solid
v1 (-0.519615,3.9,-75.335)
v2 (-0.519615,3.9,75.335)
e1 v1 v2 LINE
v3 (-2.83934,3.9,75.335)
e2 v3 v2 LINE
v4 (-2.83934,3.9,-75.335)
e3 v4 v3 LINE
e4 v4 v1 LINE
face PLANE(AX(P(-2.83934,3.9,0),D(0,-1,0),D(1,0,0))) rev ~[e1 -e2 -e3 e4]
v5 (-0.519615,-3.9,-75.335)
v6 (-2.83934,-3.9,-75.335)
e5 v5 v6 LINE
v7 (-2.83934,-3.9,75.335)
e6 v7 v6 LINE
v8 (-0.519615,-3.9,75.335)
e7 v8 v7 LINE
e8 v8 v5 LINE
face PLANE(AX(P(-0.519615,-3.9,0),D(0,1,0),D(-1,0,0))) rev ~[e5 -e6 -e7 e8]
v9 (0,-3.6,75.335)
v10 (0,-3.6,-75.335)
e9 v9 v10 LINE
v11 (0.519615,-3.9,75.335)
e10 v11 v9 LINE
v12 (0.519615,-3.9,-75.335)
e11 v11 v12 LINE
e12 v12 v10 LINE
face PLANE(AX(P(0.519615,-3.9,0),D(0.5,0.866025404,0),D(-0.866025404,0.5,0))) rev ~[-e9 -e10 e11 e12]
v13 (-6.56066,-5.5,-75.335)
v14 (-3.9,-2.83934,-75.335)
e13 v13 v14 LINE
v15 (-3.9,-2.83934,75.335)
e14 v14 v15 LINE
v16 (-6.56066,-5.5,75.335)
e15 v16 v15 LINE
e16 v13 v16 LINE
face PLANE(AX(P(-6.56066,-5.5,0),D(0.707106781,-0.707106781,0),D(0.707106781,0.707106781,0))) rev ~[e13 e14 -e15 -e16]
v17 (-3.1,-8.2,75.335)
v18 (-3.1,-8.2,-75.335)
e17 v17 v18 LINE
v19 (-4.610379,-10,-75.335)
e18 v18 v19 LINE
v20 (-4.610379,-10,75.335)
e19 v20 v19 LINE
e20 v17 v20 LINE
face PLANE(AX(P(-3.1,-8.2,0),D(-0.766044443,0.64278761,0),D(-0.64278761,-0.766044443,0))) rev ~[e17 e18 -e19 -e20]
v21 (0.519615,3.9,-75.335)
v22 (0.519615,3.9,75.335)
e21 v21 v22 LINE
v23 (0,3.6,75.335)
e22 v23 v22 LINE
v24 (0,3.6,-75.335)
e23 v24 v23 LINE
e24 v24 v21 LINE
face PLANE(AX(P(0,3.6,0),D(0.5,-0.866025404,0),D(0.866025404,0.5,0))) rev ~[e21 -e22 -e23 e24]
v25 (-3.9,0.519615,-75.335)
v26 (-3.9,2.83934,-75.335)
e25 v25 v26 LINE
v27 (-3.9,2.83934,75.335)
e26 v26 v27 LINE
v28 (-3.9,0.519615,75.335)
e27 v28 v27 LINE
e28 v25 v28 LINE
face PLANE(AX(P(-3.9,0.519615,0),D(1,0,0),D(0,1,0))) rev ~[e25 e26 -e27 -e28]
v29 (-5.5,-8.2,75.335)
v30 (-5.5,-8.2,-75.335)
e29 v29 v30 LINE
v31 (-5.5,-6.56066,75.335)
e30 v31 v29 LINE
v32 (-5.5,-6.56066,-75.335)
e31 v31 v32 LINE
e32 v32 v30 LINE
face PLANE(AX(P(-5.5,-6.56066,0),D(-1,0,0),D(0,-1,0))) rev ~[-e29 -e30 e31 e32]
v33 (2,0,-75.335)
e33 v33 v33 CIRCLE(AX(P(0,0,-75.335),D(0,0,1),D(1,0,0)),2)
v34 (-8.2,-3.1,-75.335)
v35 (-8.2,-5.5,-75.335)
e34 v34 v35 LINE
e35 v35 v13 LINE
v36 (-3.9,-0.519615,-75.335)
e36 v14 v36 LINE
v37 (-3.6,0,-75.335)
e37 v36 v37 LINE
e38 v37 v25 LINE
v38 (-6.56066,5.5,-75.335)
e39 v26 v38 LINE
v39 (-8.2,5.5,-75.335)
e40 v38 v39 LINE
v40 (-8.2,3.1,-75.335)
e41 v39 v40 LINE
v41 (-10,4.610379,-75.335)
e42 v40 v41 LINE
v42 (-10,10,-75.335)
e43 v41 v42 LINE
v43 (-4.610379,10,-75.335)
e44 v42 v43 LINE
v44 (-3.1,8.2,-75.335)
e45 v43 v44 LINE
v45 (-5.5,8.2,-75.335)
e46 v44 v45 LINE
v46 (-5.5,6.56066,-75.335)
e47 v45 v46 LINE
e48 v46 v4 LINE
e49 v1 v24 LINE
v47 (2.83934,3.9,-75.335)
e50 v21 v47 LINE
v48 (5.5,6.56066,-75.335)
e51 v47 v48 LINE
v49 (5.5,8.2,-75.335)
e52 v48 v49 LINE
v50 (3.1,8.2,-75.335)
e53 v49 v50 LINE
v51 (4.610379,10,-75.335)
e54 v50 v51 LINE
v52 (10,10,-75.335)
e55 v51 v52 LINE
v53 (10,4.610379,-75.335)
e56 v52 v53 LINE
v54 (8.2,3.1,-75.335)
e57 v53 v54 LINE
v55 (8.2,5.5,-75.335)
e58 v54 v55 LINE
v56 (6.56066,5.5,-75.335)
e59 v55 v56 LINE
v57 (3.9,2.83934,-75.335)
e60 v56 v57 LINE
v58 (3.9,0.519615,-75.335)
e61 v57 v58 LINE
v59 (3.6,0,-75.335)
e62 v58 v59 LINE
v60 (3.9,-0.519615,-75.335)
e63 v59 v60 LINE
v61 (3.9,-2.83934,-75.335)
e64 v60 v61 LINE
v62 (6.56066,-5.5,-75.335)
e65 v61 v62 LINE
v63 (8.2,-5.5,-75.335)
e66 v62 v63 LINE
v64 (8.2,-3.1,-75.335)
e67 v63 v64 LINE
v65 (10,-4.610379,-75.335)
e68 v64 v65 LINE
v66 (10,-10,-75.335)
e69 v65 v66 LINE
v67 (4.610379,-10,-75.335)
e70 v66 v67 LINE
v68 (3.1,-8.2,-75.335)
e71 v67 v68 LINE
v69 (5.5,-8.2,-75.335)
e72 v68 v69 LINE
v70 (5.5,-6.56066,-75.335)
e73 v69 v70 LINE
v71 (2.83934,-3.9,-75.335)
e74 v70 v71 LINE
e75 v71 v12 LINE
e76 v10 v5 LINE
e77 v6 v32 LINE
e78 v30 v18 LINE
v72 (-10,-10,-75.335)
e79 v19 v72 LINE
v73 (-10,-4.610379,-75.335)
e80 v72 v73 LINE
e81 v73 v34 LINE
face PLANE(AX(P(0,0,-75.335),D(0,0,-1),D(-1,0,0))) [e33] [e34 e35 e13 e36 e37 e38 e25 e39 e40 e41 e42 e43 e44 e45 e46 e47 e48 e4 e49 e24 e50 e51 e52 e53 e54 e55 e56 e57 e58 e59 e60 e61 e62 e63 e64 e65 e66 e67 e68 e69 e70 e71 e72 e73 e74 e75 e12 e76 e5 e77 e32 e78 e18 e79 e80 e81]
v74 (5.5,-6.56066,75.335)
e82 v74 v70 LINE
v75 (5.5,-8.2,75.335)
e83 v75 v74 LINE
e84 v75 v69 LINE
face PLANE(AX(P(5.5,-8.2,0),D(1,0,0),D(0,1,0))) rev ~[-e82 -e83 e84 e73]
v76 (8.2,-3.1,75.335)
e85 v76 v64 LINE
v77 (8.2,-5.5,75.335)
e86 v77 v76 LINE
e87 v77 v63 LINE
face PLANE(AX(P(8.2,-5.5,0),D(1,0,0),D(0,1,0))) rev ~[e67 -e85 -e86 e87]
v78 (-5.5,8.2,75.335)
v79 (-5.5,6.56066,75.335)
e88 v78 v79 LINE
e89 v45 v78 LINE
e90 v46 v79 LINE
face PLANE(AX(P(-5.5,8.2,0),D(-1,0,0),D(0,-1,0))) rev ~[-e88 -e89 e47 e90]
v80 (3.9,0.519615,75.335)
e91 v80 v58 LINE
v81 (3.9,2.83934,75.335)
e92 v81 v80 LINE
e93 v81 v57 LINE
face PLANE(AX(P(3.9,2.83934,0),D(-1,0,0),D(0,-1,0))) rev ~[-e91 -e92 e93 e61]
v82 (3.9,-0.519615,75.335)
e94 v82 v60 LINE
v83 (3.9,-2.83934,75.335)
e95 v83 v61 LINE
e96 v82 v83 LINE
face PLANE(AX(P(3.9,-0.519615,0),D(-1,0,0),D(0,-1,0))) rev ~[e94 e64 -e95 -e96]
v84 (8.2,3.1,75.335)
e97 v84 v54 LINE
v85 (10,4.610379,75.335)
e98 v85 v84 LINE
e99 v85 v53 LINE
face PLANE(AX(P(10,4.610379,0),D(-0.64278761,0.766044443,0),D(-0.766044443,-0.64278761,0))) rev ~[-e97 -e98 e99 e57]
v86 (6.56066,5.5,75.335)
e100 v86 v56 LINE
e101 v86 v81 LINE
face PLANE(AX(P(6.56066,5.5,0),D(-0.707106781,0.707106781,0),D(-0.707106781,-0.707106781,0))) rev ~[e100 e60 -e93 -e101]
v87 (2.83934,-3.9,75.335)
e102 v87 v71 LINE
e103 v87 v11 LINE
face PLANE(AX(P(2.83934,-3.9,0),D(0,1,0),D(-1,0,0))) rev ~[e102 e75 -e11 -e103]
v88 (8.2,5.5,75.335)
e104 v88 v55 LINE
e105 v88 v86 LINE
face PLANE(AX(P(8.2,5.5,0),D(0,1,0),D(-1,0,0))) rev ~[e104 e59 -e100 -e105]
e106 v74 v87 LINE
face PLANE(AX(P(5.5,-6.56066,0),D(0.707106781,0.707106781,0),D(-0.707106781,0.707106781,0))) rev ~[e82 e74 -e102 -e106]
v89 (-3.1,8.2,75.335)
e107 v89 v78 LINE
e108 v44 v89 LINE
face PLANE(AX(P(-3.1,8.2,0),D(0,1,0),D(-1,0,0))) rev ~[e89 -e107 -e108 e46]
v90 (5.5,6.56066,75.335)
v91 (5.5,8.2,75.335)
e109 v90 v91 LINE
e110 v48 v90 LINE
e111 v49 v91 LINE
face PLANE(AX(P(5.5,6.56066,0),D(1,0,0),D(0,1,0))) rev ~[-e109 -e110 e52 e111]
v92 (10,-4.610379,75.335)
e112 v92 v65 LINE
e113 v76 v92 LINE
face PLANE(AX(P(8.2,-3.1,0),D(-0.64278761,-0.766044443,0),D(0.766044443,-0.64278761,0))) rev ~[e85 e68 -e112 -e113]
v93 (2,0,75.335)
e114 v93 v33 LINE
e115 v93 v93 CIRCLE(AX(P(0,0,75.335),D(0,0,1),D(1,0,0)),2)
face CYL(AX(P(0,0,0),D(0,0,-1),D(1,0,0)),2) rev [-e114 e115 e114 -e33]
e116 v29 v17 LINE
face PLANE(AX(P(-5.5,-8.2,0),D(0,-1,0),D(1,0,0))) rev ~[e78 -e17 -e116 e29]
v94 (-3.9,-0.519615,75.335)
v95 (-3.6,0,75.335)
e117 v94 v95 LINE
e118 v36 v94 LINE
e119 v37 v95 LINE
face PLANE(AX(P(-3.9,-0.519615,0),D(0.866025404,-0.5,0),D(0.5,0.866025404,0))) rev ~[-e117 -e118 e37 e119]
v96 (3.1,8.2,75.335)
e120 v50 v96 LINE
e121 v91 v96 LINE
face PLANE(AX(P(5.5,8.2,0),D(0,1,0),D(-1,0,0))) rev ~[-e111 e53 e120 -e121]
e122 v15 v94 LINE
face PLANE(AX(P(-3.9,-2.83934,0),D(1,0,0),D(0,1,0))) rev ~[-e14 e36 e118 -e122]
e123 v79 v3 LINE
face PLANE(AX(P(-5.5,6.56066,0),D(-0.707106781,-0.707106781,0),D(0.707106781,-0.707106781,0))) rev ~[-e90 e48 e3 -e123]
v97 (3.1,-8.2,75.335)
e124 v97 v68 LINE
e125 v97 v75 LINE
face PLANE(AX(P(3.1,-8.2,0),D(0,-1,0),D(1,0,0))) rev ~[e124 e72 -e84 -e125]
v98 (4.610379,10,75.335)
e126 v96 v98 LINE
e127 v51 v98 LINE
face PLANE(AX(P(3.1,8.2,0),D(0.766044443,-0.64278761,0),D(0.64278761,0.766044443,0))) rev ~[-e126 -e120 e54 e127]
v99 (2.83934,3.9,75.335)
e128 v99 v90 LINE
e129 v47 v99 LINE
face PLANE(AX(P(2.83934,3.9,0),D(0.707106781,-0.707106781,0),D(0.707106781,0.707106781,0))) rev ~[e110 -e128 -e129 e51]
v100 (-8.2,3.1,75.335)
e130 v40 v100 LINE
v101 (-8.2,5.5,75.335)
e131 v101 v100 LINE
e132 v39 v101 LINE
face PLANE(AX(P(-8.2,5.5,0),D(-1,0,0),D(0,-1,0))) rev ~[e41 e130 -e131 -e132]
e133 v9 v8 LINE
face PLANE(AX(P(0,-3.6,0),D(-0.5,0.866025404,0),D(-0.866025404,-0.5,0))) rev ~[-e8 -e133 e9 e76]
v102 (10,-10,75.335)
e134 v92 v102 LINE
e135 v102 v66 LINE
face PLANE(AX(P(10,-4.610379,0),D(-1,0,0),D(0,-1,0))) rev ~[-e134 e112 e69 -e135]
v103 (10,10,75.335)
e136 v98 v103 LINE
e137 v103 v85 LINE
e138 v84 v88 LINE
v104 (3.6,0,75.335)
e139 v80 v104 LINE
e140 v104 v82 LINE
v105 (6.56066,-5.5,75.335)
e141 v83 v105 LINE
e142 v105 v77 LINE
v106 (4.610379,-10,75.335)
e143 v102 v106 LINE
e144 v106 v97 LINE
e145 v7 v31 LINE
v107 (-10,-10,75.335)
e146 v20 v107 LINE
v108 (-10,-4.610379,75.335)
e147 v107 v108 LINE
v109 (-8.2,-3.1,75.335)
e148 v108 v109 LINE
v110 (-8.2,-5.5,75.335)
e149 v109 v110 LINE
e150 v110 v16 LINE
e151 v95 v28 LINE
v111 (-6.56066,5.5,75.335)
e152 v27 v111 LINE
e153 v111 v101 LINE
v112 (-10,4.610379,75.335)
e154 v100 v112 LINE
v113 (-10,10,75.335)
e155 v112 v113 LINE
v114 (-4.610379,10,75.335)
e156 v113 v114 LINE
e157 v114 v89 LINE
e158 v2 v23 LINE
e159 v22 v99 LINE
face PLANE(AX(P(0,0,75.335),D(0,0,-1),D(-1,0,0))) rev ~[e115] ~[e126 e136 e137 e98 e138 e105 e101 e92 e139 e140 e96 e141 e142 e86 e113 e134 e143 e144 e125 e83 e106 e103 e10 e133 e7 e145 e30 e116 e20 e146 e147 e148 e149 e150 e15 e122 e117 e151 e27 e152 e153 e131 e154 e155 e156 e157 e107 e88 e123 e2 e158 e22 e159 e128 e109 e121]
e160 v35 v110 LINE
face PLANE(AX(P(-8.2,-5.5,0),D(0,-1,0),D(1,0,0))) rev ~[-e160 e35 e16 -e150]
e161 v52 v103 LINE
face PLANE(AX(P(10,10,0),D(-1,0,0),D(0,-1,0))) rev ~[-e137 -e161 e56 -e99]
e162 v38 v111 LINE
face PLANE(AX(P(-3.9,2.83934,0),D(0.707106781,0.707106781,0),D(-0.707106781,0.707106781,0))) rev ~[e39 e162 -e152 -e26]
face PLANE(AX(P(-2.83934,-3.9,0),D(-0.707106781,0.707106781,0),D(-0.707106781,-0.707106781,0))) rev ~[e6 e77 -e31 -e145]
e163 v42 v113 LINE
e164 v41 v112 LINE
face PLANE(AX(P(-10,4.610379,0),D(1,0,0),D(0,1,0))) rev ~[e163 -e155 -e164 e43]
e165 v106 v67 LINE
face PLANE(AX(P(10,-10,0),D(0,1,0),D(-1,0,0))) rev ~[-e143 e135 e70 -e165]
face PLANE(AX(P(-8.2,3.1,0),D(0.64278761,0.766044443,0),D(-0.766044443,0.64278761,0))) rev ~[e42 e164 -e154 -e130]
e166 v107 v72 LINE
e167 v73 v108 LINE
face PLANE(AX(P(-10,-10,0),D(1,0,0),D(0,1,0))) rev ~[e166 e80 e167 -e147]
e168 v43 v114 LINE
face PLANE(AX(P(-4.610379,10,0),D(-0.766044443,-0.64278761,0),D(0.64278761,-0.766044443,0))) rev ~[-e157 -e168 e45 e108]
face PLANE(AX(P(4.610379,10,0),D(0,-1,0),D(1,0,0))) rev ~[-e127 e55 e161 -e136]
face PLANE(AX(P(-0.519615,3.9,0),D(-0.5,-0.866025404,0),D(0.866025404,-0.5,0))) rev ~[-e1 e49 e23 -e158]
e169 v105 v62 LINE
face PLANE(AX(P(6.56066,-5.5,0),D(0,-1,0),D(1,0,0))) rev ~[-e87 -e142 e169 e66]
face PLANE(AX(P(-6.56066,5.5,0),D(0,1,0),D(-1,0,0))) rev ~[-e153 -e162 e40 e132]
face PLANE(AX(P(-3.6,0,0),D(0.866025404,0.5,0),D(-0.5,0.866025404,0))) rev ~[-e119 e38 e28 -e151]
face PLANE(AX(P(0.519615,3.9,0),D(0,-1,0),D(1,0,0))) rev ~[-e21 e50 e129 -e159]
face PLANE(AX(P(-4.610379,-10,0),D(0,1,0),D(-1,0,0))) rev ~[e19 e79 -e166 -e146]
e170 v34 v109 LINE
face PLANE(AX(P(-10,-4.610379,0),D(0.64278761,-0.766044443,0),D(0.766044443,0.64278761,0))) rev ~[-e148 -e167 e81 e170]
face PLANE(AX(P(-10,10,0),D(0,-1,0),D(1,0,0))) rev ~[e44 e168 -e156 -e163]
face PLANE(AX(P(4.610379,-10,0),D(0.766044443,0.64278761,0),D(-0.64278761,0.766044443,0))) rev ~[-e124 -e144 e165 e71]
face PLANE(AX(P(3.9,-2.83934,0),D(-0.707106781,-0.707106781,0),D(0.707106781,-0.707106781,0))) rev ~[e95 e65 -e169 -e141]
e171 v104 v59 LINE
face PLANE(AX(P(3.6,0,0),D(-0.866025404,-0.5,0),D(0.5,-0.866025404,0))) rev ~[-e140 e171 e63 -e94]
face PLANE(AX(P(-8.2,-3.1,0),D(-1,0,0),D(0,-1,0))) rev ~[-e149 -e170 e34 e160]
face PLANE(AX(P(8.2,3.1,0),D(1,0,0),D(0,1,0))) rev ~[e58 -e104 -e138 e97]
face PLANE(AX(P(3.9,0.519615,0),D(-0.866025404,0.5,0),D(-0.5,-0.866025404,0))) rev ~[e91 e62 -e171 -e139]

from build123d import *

# Parameters (mm, degrees)
SKETCH1_R           = 2
BOSS_EXTRUDE1_DEPTH = 75.335


with BuildPart() as part:
    # Sketch1 → Boss-Extrude1 (new body, symmetric)
    with BuildSketch(Plane.XY):
        Polygon((10, 10), (10, 4.610379336), (8.2, 3.1), (8.2, 5.5), (6.560660172, 5.5), (3.9, 2.839339828), (3.9, 0.519615242), (3.6, 0), (3.9, -0.519615242), (3.9, -2.839339828), (6.560660172, -5.5), (8.2, -5.5), (8.2, -3.1), (10, -4.610379336), (10, -10), (4.610379336, -10), (3.1, -8.2), (5.5, -8.2), (5.5, -6.560660172), (2.839339828, -3.9), (0.519615242, -3.9), (0, -3.6), (-0.519615242, -3.9), (-2.839339828, -3.9), (-5.5, -6.560660172), (-5.5, -8.2), (-3.1, -8.2), (-4.610379336, -10), (-10, -10), (-10, -4.610379336), (-8.2, -3.1), (-8.2, -5.5), (-6.560660172, -5.5), (-3.9, -2.839339828), (-3.9, -0.519615242), (-3.6, 0), (-3.9, 0.519615242), (-3.9, 2.839339828), (-6.560660172, 5.5), (-8.2, 5.5), (-8.2, 3.1), (-10, 4.610379336), (-10, 10), (-4.610379336, 10), (-3.1, 8.2), (-5.5, 8.2), (-5.5, 6.560660172), (-2.839339828, 3.9), (-0.519615242, 3.9), (0, 3.6), (0.519615242, 3.9), (2.839339828, 3.9), (5.5, 6.560660172), (5.5, 8.2), (3.1, 8.2), (4.610379336, 10), align=None)
        Circle(SKETCH1_R, mode=Mode.SUBTRACT)
    extrude(amount=BOSS_EXTRUDE1_DEPTH, both=True)


solid = part.part
